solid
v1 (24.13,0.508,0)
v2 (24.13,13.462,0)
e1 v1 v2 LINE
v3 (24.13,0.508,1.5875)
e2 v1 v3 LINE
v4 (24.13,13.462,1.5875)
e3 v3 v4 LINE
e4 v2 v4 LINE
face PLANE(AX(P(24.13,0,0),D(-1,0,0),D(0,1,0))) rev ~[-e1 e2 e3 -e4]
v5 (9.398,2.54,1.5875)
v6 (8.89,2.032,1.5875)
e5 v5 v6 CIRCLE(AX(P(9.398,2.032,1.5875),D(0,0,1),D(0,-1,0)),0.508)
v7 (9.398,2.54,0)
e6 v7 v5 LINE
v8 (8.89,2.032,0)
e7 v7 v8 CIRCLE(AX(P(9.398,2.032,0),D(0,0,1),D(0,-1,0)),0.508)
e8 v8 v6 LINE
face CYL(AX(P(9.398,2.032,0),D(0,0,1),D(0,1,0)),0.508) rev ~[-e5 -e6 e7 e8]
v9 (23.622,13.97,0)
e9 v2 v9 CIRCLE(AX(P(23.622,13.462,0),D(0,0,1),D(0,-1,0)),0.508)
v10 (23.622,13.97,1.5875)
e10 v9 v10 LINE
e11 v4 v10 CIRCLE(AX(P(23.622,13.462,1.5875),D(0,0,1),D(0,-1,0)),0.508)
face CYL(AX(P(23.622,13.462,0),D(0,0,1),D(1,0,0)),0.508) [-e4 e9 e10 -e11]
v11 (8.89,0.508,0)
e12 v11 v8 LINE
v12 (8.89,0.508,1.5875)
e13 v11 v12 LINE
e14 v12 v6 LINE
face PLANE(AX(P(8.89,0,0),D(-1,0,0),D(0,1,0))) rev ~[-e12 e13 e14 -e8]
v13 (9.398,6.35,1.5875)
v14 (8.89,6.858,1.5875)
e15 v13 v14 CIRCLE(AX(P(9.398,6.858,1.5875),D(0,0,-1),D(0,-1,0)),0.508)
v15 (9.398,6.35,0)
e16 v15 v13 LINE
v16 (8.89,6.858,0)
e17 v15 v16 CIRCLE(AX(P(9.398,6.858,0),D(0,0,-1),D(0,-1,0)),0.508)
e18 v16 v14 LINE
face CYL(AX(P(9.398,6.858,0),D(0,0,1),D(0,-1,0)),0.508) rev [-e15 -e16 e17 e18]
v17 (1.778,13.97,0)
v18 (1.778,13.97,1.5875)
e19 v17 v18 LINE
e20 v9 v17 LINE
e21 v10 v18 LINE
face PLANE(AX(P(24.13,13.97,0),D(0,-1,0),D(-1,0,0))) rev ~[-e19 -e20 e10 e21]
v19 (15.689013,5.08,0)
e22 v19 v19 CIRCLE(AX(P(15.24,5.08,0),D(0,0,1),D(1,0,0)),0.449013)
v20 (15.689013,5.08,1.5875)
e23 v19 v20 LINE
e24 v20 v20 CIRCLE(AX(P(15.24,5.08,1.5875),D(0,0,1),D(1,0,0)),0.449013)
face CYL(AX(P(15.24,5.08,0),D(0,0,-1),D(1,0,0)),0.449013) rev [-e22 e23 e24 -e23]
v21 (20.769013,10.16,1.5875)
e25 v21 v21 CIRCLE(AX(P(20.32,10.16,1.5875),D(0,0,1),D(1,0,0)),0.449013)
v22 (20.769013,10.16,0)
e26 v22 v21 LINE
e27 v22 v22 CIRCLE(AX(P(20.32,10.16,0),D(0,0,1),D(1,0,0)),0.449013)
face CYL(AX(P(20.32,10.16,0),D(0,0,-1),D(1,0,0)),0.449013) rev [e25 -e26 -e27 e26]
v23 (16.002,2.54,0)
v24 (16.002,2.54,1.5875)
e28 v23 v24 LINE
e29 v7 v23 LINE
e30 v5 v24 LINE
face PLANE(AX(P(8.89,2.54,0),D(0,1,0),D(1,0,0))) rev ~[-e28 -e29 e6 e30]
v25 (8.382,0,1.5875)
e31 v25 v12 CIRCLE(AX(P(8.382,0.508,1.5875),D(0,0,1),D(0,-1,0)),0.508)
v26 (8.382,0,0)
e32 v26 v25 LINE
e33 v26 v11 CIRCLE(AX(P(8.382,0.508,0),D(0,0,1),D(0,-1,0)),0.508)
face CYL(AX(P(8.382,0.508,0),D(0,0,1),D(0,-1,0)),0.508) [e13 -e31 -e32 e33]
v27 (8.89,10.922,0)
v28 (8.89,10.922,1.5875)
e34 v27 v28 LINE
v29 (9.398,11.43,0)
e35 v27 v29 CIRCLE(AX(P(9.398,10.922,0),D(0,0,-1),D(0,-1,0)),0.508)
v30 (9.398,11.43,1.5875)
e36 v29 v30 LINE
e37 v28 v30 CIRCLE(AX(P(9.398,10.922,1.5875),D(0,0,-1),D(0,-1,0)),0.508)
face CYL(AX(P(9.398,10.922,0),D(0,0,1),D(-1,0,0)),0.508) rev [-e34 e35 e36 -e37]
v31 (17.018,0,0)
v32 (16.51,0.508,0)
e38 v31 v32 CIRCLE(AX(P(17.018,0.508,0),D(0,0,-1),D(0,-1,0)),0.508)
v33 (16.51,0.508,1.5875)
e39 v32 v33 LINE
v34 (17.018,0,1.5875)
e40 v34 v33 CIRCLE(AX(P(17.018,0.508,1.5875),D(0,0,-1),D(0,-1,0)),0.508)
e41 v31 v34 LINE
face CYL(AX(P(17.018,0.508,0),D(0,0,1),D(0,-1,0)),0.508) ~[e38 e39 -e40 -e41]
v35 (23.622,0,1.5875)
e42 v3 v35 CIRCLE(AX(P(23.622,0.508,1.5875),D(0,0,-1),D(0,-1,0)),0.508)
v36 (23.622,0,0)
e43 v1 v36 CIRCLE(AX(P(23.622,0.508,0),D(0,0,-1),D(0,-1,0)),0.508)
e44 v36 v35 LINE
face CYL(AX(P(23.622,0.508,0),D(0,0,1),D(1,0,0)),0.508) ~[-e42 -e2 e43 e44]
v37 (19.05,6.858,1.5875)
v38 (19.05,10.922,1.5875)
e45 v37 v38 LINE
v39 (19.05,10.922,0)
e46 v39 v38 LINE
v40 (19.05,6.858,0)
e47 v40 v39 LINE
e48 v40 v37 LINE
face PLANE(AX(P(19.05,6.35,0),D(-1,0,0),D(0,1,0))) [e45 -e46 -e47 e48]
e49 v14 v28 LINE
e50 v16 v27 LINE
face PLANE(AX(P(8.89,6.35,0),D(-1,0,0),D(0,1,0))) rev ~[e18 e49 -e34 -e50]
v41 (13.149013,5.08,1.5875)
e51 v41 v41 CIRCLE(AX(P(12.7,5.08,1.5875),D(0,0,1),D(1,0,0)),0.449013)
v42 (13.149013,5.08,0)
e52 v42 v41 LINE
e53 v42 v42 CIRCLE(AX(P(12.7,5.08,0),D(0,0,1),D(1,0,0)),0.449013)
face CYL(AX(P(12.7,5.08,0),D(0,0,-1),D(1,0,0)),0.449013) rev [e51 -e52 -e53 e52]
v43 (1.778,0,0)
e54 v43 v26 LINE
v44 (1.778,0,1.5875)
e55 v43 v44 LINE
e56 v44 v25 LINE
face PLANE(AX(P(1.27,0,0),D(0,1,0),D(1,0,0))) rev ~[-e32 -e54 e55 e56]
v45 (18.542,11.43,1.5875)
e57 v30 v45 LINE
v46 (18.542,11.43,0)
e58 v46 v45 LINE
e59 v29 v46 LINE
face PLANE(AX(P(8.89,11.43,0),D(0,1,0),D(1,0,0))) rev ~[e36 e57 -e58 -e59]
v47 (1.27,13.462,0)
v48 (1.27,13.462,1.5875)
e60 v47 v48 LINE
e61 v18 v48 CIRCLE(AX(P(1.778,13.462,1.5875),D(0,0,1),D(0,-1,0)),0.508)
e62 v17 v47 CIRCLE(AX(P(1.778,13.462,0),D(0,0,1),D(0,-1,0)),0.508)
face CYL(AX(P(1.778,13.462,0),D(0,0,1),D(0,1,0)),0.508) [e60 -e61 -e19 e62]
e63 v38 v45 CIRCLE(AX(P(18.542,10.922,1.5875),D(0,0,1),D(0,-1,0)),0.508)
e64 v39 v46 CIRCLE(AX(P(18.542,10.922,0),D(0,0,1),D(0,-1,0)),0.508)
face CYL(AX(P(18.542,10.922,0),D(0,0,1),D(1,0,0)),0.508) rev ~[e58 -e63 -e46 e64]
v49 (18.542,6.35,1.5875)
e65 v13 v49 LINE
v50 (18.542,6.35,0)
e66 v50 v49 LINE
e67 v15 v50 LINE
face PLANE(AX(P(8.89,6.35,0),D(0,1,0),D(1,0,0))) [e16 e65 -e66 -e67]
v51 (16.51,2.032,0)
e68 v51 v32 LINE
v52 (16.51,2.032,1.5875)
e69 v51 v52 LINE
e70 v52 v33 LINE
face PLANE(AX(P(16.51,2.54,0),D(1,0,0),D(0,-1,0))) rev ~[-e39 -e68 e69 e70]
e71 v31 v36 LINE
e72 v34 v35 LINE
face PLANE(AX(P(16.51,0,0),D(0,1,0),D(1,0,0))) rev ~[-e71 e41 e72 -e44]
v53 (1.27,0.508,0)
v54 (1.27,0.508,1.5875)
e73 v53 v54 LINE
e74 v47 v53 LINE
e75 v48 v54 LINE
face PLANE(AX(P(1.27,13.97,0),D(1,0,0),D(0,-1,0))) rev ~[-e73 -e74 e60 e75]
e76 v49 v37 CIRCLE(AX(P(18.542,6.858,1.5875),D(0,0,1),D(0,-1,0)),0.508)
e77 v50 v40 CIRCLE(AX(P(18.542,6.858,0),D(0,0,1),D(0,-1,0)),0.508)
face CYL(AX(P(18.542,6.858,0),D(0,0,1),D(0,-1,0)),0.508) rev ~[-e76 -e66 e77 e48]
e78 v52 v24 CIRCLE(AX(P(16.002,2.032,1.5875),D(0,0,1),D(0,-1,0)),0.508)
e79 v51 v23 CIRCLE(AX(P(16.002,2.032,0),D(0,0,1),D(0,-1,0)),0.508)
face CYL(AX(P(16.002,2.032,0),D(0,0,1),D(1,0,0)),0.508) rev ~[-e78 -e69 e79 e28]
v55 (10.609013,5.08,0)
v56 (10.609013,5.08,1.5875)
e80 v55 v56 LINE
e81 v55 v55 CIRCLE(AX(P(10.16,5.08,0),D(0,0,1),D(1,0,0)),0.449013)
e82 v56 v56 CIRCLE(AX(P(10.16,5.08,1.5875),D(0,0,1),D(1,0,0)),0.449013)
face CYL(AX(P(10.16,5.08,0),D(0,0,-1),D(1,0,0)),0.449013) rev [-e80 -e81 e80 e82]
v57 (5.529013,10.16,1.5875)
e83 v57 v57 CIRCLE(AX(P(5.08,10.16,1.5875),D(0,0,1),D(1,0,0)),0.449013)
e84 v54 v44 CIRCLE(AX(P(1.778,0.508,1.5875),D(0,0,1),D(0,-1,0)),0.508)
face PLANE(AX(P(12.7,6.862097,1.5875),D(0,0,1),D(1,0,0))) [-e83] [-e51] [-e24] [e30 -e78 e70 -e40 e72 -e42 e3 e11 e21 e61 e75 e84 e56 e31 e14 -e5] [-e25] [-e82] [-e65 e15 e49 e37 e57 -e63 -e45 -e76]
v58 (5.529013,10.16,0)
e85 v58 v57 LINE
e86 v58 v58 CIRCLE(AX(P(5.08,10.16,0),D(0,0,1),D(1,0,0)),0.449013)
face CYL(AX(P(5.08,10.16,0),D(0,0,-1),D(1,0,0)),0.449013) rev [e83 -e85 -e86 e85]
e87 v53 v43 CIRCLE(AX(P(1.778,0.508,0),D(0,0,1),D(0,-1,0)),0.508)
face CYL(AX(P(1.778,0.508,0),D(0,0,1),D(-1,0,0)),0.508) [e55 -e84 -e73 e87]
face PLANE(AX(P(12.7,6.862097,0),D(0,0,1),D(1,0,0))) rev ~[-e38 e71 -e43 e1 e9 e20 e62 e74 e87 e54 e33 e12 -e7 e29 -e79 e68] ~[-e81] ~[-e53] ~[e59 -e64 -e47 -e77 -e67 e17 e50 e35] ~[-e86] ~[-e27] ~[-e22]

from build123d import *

# Parameters (mm, degrees)
F0_R     = 0.4490128061
F0_W     = 10.16
F0_H     = 5.08
F3_DEPTH = 1.5875
F4_R     = 0.508


with BuildPart() as f3:
    # F0 (on Top) → F3 (new body)
    with BuildSketch(Plane.XY):
        Polygon((24.13, 0), (24.13, 13.97), (1.27, 13.97), (1.27, 0), (8.89, 0), (8.89, 2.54), (16.51, 2.54), (16.51, 0), align=None)
        with Locations((10.16, 5.08)):
            Circle(F0_R, mode=Mode.SUBTRACT)
        with Locations((12.7, 5.08)):
            Circle(F0_R, mode=Mode.SUBTRACT)
        with Locations((15.24, 5.08)):
            Circle(F0_R, mode=Mode.SUBTRACT)
        with Locations((5.08, 10.16)):
            Circle(F0_R, mode=Mode.SUBTRACT)
        with Locations((13.97, 8.89)):
            Rectangle(F0_W, F0_H, mode=Mode.SUBTRACT)
        with Locations((20.32, 10.16)):
            Circle(F0_R, mode=Mode.SUBTRACT)
    extrude(amount=F3_DEPTH)

    # F4
    f4_edges = [f3.edges().sort_by_distance(p)[0] for p in [
        (1.27, 0, 0.79375),
        (8.89, 0, 0.79375),
        (16.51, 2.54, 0.79375),
        (16.51, 0, 0.79375),
        (24.13, 0, 0.79375),
        (8.89, 11.43, 0.79375),
        (8.89, 2.54, 0.79375),
        (24.13, 13.97, 0.79375),
        (8.89, 6.35, 0.79375),
        (1.27, 13.97, 0.79375),
        (19.05, 6.35, 0.79375),
        (19.05, 11.43, 0.79375),
    ]]
    fillet(f4_edges, radius=F4_R)


solid = f3.part
